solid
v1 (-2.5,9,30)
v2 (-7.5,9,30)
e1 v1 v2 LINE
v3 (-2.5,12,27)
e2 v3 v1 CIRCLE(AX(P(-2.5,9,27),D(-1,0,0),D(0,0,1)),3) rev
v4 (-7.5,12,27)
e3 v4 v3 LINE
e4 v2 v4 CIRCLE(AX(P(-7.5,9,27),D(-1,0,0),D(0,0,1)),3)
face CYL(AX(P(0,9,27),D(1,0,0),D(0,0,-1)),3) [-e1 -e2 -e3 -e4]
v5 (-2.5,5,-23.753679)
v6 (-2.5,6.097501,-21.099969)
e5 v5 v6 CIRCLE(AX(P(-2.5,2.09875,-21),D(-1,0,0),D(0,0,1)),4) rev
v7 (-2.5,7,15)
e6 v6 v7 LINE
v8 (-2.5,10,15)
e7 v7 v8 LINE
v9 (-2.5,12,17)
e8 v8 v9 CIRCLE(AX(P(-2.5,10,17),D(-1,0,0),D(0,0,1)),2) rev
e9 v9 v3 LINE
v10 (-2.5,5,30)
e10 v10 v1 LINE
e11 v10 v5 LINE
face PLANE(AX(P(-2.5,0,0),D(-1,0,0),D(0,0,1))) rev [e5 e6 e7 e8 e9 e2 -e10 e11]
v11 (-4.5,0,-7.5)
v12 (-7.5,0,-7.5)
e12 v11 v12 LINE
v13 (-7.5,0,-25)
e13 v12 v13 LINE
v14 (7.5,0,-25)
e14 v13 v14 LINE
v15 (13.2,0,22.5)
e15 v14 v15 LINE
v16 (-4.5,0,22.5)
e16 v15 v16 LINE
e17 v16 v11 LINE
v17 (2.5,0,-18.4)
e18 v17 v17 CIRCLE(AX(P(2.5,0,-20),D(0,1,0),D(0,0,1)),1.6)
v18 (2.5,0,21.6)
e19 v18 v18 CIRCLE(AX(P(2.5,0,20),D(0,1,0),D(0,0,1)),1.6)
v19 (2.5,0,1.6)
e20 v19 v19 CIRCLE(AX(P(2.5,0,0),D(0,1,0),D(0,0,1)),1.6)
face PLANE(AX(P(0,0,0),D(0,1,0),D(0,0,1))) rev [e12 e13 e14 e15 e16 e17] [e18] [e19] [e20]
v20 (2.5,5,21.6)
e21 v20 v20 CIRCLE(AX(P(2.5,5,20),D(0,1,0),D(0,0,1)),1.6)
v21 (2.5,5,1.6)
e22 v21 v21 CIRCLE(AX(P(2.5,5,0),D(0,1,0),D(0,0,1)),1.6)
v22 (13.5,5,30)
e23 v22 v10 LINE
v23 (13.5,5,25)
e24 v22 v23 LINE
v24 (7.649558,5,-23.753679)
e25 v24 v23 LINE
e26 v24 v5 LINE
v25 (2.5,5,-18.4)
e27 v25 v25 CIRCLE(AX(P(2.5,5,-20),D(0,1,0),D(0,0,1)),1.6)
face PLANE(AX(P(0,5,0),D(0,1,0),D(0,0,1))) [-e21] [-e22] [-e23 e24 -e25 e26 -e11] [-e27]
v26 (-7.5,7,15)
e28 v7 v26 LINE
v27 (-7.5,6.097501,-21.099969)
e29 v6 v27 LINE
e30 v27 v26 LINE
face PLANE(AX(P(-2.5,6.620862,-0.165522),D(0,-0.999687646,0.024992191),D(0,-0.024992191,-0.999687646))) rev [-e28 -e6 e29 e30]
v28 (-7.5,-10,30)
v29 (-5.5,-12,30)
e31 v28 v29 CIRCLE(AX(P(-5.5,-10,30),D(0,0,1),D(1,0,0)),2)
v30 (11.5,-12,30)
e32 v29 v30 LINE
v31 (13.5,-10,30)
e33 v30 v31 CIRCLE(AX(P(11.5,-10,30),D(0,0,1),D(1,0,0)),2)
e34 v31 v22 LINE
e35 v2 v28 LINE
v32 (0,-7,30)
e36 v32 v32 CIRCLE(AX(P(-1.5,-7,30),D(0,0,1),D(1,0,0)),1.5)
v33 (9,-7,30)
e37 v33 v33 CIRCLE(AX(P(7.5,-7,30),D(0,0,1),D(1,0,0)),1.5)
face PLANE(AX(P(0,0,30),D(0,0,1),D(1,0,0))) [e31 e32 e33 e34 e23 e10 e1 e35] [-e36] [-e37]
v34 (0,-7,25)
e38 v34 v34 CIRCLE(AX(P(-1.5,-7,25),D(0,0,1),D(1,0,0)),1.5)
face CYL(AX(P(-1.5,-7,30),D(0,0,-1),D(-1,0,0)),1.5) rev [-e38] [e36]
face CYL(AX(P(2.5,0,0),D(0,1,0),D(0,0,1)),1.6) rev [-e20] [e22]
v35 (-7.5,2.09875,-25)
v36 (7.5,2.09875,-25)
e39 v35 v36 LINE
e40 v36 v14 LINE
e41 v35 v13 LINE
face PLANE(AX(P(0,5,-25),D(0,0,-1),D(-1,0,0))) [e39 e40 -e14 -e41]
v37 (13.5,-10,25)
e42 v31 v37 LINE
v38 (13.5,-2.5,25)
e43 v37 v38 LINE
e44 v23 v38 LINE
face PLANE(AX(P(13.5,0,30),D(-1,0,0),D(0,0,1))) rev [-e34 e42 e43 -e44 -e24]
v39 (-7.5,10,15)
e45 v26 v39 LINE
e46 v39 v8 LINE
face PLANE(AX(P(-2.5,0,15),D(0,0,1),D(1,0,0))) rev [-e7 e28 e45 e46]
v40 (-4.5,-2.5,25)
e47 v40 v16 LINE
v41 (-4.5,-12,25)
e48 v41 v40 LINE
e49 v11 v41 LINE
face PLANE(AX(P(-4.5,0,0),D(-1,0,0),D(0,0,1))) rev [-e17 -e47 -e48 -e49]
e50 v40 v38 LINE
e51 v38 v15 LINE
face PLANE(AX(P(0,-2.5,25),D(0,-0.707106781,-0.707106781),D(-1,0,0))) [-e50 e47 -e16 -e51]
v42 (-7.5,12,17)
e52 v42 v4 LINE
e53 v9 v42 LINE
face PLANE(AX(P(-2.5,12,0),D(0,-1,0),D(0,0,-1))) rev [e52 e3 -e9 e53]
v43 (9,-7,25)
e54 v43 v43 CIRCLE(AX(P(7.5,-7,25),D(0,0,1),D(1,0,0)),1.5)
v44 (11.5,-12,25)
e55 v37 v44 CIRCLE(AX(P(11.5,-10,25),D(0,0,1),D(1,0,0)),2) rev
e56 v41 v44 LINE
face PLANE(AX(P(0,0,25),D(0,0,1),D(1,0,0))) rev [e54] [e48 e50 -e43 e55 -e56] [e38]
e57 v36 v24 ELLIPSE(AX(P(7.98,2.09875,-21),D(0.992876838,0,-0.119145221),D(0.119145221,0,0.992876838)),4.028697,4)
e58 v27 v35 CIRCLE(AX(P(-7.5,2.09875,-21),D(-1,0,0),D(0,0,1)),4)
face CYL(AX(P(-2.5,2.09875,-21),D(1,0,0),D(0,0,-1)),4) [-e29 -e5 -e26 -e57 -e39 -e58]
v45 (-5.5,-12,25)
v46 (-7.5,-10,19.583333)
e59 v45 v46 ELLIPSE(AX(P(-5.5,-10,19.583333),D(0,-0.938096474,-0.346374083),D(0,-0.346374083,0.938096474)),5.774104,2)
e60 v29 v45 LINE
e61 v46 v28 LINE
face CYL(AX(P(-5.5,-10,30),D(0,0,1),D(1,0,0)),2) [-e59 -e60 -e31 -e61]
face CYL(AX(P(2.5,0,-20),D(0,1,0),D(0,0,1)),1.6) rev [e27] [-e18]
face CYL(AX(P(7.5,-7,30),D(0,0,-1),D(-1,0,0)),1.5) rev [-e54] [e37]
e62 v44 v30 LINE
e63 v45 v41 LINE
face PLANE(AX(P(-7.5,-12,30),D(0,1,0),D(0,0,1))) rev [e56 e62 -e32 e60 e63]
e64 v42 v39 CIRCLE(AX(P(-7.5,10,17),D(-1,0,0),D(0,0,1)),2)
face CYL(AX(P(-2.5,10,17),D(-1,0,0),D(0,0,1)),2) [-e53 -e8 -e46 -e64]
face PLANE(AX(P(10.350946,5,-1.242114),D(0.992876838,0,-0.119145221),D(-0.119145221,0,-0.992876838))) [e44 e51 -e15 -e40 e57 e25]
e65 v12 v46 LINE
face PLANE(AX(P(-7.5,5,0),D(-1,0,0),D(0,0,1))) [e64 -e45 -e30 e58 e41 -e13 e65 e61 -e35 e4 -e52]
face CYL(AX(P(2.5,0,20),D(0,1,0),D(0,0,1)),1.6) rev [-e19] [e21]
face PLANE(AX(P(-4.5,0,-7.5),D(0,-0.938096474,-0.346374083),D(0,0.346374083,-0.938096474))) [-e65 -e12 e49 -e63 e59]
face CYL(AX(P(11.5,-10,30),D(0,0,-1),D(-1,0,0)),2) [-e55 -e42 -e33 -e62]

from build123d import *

# Parameters (mm, degrees)
SKETCH_1_W          = 15
SKETCH_1_H          = 50
EXTRUDE_1_DEPTH     = 5
EXTRUDE_2_DEPTH     = 5
FILLET_1_R          = 4
FILLET_3_R          = 2
SKETCH_5_R          = 1.6
CUT_EXTRUDE_1_DEPTH = 5
SKETCH_7_R          = 1.5
EXTRUDE_3_DEPTH     = 5
CHAMFER_1_SIZE      = 2.5
FILLET_8_R          = 3
EXTRUDE_4_DEPTH     = 3
FILLET_9_R          = 2


with BuildPart() as part:
    # 草图1 → 凸台-拉伸1 (new body)
    with BuildSketch(Plane(origin=(0, 0, 0), x_dir=(1, 0, 0), z_dir=(0, 1, 0))):
        Rectangle(SKETCH_1_W, SKETCH_1_H)
        Polygon((13.5, -25), (7.5, -25), (7.5, 25), align=None)
    extrude(amount=EXTRUDE_1_DEPTH)

    # 草图4 → 凸台-拉伸2 (add)
    with BuildSketch(Plane.ZY.offset(7.5)):
        Polygon((-25, 6), (-25, 5), (25, 5), (25, 12), (15, 12), (15, 7), align=None)
    extrude(amount=-EXTRUDE_2_DEPTH)

    # 圆角1
    fillet_1_edges = [part.edges().sort_by_distance(p)[0] for p in [
        (-5, 6, -25),
    ]]
    fillet(fillet_1_edges, radius=FILLET_1_R)

    # 圆角3
    fillet_3_edges = [part.edges().sort_by_distance(p)[0] for p in [
        (-5, 12, 15),
    ]]
    fillet(fillet_3_edges, radius=FILLET_3_R)

    # 草图5 → 切除-拉伸1 (cut)
    with BuildSketch(Plane(origin=(0, 5, 0), x_dir=(1, 0, 0), z_dir=(0, 1, 0))):
        with Locations(Location((2.5, 20, 0), (0, 0, 270))):
            Circle(SKETCH_5_R)
        with Locations(Location((2.5, 0, 0), (0, 0, 270))):
            Circle(SKETCH_5_R)
        with Locations(Location((2.5, -20, 0), (0, 0, 270))):
            Circle(SKETCH_5_R)
    extrude(amount=-CUT_EXTRUDE_1_DEPTH, mode=Mode.SUBTRACT)

    # 草图7 → 凸台-拉伸3 (add)
    with BuildSketch(Plane.XY.offset(25)):
        Polygon((13.5, 0), (13.5, 5), (-2.5, 5), (-2.5, 12), (-7.5, 12), (-7.5, 0), (-7.5, -12), (13.5, -12), align=None)
        with Locations((-1.5, -7)):
            Circle(SKETCH_7_R, mode=Mode.SUBTRACT)
        with Locations((7.5, -7)):
            Circle(SKETCH_7_R, mode=Mode.SUBTRACT)
    extrude(amount=EXTRUDE_3_DEPTH)

    # 倒角1
    chamfer_1_edges = [part.edges().sort_by_distance(p)[0] for p in [
        (3, 0, 25),
    ]]
    chamfer(chamfer_1_edges, length=CHAMFER_1_SIZE)

    # 圆角8
    fillet_8_edges = [part.edges().sort_by_distance(p)[0] for p in [
        (-5, 12, 30),
    ]]
    fillet(fillet_8_edges, radius=FILLET_8_R)

    # 草图8 → 凸台-拉伸4 (add)
    with BuildSketch(Plane.ZY.offset(7.5)):
        Polygon((25, -12), (25, -2.5), (22.5, 0), (-7.5, 0), align=None)
    extrude(amount=-EXTRUDE_4_DEPTH)

    # 圆角9
    fillet_9_edges = [part.edges().sort_by_distance(p)[0] for p in [
        (13.5, -12, 27.5),
        (-7.5, -12, 27.5),
    ]]
    fillet(fillet_9_edges, radius=FILLET_9_R)


solid = part.part
